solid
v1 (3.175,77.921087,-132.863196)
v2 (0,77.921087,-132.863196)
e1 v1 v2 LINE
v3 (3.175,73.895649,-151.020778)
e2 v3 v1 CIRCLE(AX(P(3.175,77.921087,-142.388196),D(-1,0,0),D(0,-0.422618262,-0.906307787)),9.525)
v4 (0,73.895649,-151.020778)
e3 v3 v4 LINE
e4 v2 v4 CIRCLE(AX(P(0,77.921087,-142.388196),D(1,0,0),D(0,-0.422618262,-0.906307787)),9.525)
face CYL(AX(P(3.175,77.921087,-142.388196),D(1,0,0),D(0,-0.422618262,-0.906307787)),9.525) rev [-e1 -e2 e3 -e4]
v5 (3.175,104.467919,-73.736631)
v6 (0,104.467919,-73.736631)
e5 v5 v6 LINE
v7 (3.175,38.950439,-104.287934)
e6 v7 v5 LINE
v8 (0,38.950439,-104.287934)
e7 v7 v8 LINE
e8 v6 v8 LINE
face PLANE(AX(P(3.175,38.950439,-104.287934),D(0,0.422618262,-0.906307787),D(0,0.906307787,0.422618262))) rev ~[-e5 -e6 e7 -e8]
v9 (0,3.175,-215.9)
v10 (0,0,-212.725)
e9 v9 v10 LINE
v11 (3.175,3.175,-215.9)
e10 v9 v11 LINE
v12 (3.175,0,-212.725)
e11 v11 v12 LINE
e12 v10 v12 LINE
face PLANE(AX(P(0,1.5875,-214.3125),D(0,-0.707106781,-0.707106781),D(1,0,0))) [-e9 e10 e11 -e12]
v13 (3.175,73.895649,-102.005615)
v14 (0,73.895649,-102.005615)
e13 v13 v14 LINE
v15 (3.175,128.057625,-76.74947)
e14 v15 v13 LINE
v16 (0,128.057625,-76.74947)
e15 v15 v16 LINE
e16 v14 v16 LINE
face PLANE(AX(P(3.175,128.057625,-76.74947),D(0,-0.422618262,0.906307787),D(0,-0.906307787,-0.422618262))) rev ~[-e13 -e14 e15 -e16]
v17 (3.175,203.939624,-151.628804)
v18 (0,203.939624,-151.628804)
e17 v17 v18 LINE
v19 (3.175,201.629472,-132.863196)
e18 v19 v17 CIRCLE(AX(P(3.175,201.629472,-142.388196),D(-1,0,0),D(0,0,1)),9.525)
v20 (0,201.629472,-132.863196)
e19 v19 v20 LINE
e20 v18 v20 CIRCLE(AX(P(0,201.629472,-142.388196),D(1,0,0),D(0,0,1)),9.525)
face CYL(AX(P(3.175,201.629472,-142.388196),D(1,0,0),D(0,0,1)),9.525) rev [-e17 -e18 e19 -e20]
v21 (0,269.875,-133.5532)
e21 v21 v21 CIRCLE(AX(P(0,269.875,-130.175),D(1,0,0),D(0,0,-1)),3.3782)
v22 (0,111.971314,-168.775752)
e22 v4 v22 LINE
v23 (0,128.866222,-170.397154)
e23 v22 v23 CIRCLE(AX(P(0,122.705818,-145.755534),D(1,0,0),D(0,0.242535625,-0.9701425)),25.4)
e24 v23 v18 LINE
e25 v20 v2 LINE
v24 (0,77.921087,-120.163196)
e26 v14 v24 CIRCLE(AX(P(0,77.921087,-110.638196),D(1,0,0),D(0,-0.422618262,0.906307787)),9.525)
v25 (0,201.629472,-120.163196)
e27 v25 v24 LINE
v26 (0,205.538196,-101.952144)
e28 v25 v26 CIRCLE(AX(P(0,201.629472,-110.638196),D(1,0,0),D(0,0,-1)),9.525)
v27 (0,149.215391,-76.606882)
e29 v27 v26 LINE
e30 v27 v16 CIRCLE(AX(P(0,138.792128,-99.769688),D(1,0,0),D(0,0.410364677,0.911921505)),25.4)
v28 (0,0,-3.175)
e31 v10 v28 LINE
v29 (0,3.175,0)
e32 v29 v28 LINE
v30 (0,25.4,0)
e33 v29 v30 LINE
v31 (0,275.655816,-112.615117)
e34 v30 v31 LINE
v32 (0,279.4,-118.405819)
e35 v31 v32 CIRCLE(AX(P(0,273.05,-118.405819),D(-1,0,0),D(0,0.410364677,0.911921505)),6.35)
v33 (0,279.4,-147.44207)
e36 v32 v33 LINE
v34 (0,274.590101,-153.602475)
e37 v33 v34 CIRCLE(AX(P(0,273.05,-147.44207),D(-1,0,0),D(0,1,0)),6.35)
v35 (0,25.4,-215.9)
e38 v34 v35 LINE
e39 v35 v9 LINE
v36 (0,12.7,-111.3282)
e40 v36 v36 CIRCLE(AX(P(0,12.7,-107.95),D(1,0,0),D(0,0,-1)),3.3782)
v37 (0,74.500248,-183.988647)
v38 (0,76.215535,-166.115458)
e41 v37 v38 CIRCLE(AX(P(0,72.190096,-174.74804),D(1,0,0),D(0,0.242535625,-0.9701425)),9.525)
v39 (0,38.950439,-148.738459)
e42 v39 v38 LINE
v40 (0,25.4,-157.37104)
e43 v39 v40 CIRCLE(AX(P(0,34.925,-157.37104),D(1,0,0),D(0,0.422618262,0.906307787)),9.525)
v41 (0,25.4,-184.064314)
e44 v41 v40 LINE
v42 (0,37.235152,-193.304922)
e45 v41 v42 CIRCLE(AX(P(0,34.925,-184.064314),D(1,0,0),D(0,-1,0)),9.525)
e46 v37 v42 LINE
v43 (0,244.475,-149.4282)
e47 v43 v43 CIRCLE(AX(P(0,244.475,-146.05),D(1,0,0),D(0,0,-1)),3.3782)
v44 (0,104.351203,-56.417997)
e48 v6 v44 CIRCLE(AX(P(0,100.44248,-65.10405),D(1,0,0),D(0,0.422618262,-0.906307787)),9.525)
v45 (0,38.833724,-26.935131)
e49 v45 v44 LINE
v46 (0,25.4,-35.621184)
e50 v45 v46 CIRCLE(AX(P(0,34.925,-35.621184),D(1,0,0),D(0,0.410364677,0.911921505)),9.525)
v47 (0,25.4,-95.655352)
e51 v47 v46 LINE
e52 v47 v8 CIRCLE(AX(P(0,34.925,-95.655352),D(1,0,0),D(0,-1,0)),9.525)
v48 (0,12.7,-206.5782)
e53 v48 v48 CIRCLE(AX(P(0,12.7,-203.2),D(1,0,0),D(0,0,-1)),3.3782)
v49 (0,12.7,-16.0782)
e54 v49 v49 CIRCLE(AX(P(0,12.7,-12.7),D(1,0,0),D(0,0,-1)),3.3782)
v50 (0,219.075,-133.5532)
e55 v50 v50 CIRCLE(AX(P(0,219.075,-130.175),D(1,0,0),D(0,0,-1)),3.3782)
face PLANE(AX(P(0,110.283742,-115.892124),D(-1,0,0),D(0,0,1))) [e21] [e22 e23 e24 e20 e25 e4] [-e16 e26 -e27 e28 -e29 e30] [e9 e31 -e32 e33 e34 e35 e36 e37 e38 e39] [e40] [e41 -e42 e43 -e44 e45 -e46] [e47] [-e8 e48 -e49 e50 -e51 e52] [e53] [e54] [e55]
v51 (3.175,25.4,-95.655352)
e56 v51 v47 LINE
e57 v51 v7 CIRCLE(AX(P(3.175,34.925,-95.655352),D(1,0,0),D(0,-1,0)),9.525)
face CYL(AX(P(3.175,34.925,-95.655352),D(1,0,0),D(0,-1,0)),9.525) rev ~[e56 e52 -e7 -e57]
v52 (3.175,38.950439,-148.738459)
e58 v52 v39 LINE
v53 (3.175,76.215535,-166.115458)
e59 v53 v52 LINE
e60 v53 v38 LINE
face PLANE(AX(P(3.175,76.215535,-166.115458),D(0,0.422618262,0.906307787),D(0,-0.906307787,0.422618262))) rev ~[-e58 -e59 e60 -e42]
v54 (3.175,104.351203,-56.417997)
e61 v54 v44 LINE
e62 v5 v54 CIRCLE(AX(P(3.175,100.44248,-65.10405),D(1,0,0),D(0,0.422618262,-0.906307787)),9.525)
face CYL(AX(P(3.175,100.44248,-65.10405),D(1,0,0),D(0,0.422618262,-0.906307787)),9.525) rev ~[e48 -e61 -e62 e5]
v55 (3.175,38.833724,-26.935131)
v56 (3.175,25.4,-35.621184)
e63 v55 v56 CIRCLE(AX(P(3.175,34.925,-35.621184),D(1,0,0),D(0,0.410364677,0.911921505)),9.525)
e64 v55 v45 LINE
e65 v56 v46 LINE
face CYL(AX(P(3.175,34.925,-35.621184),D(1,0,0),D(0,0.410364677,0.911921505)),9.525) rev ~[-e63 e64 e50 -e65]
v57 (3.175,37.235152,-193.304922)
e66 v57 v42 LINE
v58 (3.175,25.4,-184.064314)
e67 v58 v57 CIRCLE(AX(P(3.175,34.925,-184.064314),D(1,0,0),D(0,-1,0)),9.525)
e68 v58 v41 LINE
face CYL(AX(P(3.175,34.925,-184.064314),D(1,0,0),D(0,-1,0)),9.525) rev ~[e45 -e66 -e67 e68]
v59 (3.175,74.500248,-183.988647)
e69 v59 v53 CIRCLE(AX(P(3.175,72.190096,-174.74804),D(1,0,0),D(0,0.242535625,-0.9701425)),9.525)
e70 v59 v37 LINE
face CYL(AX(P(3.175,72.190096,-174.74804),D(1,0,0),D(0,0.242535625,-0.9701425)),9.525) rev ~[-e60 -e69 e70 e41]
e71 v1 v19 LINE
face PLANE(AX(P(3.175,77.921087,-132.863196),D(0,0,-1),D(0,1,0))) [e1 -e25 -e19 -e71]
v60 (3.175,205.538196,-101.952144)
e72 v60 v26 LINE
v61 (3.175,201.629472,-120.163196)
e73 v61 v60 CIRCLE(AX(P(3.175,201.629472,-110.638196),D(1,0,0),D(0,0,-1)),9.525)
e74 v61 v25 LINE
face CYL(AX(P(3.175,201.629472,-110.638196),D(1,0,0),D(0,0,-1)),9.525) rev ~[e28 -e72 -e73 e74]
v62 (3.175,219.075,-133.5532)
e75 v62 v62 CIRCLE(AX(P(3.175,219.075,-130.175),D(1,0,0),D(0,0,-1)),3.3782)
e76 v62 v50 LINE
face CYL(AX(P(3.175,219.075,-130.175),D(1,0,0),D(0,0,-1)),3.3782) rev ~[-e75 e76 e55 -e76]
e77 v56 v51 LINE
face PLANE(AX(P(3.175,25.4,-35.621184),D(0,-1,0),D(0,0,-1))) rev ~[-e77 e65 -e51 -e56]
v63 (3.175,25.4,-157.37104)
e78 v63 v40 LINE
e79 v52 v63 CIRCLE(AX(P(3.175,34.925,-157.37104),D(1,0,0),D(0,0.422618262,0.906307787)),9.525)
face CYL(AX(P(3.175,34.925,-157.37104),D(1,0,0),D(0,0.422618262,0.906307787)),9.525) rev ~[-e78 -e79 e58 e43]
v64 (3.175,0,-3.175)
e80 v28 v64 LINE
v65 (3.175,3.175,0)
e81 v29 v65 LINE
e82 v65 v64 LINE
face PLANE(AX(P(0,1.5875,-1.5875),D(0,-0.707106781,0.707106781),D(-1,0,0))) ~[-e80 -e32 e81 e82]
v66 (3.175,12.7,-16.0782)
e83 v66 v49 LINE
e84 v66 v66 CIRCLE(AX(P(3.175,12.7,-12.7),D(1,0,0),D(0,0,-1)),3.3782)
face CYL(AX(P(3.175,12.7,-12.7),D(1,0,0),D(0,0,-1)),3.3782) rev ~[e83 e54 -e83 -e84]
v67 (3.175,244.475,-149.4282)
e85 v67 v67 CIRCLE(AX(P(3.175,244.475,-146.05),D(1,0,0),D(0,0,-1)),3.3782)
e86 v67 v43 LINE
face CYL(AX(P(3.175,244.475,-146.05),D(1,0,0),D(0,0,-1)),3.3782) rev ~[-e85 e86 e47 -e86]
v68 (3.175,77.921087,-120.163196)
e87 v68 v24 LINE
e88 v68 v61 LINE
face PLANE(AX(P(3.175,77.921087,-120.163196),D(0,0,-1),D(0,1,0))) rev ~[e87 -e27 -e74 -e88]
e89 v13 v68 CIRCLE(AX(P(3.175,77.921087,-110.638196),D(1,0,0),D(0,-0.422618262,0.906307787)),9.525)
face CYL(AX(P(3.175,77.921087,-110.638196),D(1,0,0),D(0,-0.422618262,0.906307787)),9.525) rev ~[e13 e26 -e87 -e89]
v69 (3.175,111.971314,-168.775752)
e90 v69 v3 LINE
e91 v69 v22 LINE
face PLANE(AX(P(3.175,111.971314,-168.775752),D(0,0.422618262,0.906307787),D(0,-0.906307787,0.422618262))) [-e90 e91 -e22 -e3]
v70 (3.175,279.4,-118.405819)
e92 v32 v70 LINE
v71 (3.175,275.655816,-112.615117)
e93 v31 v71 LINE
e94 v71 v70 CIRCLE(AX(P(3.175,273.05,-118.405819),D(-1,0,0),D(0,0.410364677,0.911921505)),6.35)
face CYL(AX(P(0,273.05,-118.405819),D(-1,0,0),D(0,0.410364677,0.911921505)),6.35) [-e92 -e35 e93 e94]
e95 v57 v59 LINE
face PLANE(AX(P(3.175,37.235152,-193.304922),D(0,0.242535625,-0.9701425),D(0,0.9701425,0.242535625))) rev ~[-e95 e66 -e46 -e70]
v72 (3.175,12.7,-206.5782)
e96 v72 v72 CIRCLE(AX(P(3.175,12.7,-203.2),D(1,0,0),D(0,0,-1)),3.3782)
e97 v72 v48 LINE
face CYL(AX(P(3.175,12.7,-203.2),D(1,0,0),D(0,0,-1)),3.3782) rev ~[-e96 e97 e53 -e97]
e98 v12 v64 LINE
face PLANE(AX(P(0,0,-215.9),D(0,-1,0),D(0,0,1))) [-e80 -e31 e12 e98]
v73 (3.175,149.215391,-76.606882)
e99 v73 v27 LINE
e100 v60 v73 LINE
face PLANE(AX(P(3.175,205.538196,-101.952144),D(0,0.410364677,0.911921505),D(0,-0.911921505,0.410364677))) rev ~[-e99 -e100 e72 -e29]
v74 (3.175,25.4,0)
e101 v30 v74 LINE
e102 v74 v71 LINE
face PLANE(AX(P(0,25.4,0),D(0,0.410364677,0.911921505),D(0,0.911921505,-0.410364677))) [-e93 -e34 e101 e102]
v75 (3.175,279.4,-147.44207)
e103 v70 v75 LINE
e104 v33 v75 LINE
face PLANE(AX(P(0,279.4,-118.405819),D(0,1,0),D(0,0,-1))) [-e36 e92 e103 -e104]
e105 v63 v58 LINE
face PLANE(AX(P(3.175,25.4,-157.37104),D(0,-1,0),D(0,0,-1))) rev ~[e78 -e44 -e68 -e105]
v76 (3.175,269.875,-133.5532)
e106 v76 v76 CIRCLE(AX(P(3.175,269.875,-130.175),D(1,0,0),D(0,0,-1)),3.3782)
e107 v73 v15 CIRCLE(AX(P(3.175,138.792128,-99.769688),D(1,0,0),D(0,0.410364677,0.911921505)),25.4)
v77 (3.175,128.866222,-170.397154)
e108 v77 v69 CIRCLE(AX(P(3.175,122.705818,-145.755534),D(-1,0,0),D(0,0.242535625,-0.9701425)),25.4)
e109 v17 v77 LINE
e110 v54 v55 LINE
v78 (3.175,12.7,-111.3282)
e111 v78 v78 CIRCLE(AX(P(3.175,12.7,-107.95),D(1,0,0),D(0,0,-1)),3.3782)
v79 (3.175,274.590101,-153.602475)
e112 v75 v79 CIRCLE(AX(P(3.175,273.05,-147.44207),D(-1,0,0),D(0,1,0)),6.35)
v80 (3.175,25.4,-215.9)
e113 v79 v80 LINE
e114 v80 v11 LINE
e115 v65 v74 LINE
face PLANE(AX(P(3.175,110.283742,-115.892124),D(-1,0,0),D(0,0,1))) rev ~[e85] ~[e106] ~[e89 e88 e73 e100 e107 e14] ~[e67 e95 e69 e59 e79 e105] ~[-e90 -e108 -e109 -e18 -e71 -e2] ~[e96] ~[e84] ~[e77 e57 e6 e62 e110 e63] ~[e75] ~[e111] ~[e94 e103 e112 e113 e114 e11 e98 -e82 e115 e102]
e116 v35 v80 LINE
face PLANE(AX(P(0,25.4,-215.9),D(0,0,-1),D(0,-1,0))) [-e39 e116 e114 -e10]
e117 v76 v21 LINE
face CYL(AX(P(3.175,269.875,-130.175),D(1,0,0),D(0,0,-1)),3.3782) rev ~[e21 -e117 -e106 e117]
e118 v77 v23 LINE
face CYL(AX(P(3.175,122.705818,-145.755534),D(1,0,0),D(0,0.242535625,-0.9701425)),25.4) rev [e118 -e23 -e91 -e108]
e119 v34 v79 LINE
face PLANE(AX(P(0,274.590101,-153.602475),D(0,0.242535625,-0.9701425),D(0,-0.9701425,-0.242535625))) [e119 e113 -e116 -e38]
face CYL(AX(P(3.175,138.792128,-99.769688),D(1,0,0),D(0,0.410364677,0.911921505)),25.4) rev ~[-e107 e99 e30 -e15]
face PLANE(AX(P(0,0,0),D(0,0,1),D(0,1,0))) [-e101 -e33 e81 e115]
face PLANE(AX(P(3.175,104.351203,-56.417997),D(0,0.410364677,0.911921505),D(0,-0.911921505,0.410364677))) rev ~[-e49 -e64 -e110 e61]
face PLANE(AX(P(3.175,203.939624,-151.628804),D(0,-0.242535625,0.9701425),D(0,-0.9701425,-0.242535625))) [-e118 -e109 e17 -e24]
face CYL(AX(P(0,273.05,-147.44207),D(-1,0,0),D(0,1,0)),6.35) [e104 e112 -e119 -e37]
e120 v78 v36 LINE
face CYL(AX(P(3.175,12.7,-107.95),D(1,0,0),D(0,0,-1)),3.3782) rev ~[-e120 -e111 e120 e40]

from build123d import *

# Parameters (mm, degrees)
BOSS_EXTRUDE1_DEPTH = 3.175
SKETCH3_R           = 3.3782
CUT_EXTRUDE2_DEPTH  = 4.175
SKETCH4_R           = 3.3782
CUT_EXTRUDE3_DEPTH  = 4.175
CHAMFER1_SIZE       = 3.175
CUT_EXTRUDE4_DEPTH  = 4.175


with BuildPart() as part:
    # Sketch1 → Boss-Extrude1 (new body)
    with BuildSketch(Plane(origin=(0, 0, 0), x_dir=(0, 0, -1), z_dir=(1, 0, 0))):
        with BuildLine():
            Line((118.405818623, 279.4), (147.442069819, 279.4))
            ThreePointArc((147.442069819, 279.4), (151.349937349, 278.055104531), (153.602474695, 274.590101219))
            Line((153.602474695, 274.590101219), (215.9, 25.4))
            Line((215.9, 25.4), (215.9, 0))
            Line((215.9, 0), (0, 0))
            Line((0, 0), (0, 25.4))
            Line((0, 25.4), (112.615117065, 275.655815701))
            ThreePointArc((112.615117065, 275.655815701), (114.95795187, 278.382421106), (118.405818623, 279.4))
        make_face()
    extrude(amount=BOSS_EXTRUDE1_DEPTH)

    # Sketch3 → Cut-Extrude2 (cut, through all)
    with BuildSketch(Plane(origin=(3.175, 0, 0), x_dir=(0, 0, -1), z_dir=(1, 0, 0))):
        with Locations((146.05, 244.475)):
            Circle(SKETCH3_R)
        with Locations((130.175, 219.075)):
            Circle(SKETCH3_R)
        with Locations((130.175, 269.875)):
            Circle(SKETCH3_R)
    extrude(amount=-CUT_EXTRUDE2_DEPTH, mode=Mode.SUBTRACT)

    # Sketch4 → Cut-Extrude3 (cut, through all)
    with BuildSketch(Plane(origin=(3.175, 0, 0), x_dir=(0, 0, -1), z_dir=(1, 0, 0))):
        with Locations((12.7, 12.7)):
            Circle(SKETCH4_R)
        with Locations((107.95, 12.7)):
            Circle(SKETCH4_R)
        with Locations((203.2, 12.7)):
            Circle(SKETCH4_R)
    extrude(amount=-CUT_EXTRUDE3_DEPTH, mode=Mode.SUBTRACT)

    # Chamfer1
    chamfer1_edges = [part.edges().sort_by_distance(p)[0] for p in [
        (1.5875, 0, -215.9),
        (1.5875, 0, 0),
    ]]
    chamfer(chamfer1_edges, length=CHAMFER1_SIZE)

    # Sketch5 → Cut-Extrude4 (cut, through all)
    with BuildSketch(Plane(origin=(3.175, 0, 0), x_dir=(0, 0, -1), z_dir=(1, 0, 0))):
        with BuildLine():
            Line((35.621183805, 25.4), (95.655352116, 25.4))
            ThreePointArc((95.655352116, 25.4), (103.688655638, 29.80722123), (104.287933788, 38.950438943))
            Line((104.287933788, 38.950438943), (73.736631302, 104.467918555))
            ThreePointArc((73.736631302, 104.467918555), (65.039859299, 109.967263315), (56.417997293, 104.351203163))
            Line((56.417997293, 104.351203163), (26.935131468, 38.833723552))
            ThreePointArc((26.935131468, 38.833723552), (27.622552146, 29.75319987), (35.621183805, 25.4))
        make_face()
        with BuildLine():
            Line((101.952143857, 205.538195526), (76.606881892, 149.21539116))
            ThreePointArc((76.606881892, 149.21539116), (74.370264914, 138.620954139), (76.749470333, 128.057624508))
            Line((76.749470333, 128.057624508), (102.005614522, 73.895648509))
            ThreePointArc((102.005614522, 73.895648509), (112.699783516, 68.621867985), (120.163196193, 77.921087453))
            Line((120.163196193, 77.921087453), (120.163196193, 201.629471974))
            ThreePointArc((120.163196193, 201.629471974), (112.637067937, 210.942373603), (101.952143857, 205.538195526))
        make_face()
        with BuildLine():
            Line((151.628803507, 203.939623803), (170.39715385, 128.866222433))
            ThreePointArc((170.39715385, 128.866222433), (171.039366508, 120.279332191), (168.775752137, 111.971313709))
            Line((168.775752137, 111.971313709), (151.020777865, 73.895648509))
            ThreePointArc((151.020777865, 73.895648509), (140.326608871, 68.621867985), (132.863196193, 77.921087453))
            Line((132.863196193, 77.921087453), (132.863196193, 201.629471974))
            ThreePointArc((132.863196193, 201.629471974), (141.224400607, 211.083106452), (151.628803507, 203.939623803))
        make_face()
        with BuildLine():
            Line((157.371040271, 25.4), (184.064314187, 25.4))
            ThreePointArc((184.064314187, 25.4), (191.571970984, 29.063198705), (193.304921501, 37.235151828))
            Line((193.304921501, 37.235151828), (183.988647407, 74.500248205))
            ThreePointArc((183.988647407, 74.500248205), (175.657972105, 81.671533437), (166.115458421, 76.21553532))
            Line((166.115458421, 76.21553532), (148.738458599, 38.950438943))
            ThreePointArc((148.738458599, 38.950438943), (149.337736749, 29.80722123), (157.371040271, 25.4))
        make_face()
    extrude(amount=-CUT_EXTRUDE4_DEPTH, mode=Mode.SUBTRACT)


solid = part.part
